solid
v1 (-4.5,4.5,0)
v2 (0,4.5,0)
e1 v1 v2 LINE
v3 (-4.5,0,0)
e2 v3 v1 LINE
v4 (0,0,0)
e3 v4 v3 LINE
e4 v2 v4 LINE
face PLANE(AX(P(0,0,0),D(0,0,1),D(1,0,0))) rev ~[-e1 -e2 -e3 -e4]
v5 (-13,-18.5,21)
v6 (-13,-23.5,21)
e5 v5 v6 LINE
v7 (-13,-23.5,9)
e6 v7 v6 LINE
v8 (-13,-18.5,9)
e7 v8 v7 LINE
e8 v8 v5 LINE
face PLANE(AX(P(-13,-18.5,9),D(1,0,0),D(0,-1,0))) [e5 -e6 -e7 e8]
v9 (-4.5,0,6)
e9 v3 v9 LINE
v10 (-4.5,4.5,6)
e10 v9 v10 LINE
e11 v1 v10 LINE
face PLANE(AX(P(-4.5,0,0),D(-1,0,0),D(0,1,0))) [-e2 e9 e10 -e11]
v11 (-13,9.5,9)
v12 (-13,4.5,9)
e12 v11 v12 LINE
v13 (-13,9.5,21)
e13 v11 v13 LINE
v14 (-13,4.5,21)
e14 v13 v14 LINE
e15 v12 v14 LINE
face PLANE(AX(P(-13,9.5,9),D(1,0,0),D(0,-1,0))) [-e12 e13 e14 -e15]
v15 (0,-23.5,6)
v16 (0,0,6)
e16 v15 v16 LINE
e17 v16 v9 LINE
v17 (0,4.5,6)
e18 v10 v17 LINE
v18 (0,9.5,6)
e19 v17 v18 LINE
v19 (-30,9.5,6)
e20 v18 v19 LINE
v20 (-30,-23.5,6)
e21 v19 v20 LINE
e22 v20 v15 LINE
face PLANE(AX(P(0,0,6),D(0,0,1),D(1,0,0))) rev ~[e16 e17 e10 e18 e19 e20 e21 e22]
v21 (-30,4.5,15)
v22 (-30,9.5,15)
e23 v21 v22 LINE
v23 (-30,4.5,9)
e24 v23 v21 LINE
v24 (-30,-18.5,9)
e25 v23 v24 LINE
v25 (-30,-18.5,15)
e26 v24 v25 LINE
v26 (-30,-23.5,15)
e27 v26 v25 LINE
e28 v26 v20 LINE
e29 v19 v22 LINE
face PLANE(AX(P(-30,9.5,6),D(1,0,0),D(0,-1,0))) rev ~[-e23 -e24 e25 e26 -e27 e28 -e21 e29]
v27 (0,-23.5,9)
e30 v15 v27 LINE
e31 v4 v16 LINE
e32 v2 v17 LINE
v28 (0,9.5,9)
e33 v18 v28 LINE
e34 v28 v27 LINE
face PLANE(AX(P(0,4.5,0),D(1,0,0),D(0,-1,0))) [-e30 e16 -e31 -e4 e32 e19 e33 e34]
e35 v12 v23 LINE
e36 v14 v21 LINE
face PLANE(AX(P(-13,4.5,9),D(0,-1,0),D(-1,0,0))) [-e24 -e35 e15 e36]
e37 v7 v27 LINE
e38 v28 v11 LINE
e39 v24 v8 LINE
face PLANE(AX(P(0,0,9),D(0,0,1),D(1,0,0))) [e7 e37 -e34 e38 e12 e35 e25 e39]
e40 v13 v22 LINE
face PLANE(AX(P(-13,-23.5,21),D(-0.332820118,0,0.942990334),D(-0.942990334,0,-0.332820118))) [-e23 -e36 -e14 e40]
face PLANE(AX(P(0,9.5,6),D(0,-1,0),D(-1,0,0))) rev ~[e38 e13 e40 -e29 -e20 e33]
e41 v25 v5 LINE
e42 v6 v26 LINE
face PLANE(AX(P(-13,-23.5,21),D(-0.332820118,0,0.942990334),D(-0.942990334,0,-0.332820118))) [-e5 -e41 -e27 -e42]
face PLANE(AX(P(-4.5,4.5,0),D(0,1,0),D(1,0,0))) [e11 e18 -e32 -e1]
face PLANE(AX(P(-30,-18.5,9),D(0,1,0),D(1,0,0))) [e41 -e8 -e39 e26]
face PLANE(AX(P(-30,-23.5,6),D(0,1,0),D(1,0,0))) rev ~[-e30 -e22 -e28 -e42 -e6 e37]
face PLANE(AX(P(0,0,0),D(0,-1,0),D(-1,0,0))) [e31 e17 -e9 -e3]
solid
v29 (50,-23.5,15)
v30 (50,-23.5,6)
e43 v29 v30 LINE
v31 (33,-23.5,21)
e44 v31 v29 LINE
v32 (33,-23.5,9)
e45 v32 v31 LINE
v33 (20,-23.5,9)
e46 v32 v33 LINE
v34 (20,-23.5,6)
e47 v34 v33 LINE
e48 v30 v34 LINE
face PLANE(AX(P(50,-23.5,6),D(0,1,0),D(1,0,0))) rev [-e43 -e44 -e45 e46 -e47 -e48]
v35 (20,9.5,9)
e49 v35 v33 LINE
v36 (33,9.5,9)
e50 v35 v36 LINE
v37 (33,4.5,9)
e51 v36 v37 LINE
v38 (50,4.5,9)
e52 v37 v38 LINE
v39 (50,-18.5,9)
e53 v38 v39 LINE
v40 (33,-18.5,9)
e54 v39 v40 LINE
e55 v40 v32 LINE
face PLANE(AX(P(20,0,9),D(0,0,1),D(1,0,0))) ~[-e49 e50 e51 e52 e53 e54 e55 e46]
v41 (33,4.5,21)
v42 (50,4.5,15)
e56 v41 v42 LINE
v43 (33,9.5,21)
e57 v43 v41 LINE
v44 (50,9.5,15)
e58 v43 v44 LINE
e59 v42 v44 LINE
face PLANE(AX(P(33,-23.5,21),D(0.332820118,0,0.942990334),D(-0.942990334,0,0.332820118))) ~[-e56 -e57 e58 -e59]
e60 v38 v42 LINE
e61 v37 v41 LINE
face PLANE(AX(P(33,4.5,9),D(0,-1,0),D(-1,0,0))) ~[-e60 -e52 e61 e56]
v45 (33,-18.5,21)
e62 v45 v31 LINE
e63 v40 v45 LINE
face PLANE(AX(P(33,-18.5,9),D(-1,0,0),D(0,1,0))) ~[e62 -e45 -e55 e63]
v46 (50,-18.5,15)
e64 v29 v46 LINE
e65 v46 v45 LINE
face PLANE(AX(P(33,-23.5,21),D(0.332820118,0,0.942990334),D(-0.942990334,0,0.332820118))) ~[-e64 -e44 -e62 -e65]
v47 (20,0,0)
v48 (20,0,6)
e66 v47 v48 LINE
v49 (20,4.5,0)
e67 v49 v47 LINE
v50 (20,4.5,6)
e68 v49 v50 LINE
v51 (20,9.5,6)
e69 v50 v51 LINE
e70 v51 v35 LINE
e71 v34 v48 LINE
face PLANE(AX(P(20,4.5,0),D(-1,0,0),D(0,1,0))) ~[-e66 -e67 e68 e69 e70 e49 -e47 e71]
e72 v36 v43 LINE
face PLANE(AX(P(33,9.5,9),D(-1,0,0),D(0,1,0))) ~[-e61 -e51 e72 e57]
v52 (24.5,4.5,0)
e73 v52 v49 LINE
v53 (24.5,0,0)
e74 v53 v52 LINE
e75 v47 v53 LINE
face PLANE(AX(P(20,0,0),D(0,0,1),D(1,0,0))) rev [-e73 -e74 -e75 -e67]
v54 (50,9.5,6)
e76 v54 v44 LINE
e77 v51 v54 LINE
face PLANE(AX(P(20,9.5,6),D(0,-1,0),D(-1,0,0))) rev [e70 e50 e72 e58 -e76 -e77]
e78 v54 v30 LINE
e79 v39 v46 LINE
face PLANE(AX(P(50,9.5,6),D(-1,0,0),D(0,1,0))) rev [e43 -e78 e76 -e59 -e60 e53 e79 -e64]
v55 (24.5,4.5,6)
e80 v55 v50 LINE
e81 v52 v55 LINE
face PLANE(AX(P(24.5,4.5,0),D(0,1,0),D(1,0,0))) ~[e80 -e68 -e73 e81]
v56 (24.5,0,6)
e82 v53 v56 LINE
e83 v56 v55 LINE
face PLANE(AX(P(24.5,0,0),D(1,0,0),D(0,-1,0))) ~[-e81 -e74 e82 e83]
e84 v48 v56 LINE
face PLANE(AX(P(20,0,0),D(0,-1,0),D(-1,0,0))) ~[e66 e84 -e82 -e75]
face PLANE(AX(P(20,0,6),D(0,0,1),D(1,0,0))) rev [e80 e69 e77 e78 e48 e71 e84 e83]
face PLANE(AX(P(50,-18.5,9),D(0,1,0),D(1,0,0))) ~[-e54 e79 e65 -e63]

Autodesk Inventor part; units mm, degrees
ref_plane "XZ Plane" through (0, 0, 0) normal (0, 1, 0) x (-1, 0, 0)
ref_plane "XY Plane" through (0, 0, 0) normal (0, 0, 1) x (1, 0, 0)
sketch "Szkic1" plane through (0, 0, 0) normal (0, 0, 1) x (1, 0, 0)
  point P0 (0, 0)
sketch "Szkic2" plane through (0, 0, 0) normal (0, 0, 1) x (1, 0, 0)
  line L0 (0, 0) -> (-4.5, 0)
  line L1 (-4.5, 0) -> (-4.5, 4.5)
  line L2 (-4.5, 4.5) -> (0, 4.5)
  line L3 (0, 4.5) -> (0, 0)
  dimension "d0" = 4.5
  dimension "d1" = 4.5
extrude "Wyciągnięcie proste1" add sketch "Szkic2" along normal blind 6
sketch "Szkic3" plane through (0, 0, 6) normal (0, 0, 1) x (1, 0, 0)
  line L0 (0, 0) -> (0, 4.5) projected
  line L1 (0, 4.5) -> (0, 9.5)
  line L2 (0, 9.5) -> (-30, 9.5)
  line L3 (-30, 9.5) -> (-30, -23.5)
  line L4 (-30, -23.5) -> (0, -23.5)
  line L5 (0, -23.5) -> (0, 9.5)
  point P0 (-4.5, 0)
  dimension "d7" = 5
  dimension "d8" = 30
  dimension "d9" = 33
extrude "Wyciągnięcie proste2" add sketch "Szkic3" along normal blind 3
sketch "Szkic4" plane through (0, 0, 9) normal (0, 0, 1) x (1, 0, 0)
  line L0 (0, -23.5) -> (0, 0) construction
  line L1 (0, -23.5) -> (-13, -23.5) construction
  line L2 (-30, -23.5) -> (0, -23.5) construction
  line L3 (-13, -23.5) -> (-13, -18.5) construction
  line L4 (-13, -18.5) -> (-13, 4.5) construction
  line L5 (-13, 4.5) -> (-13, 9.5) construction
  dimension "d12" = 13
  dimension "d13" = 5
  dimension "d14" = 23
  dimension "d15" = 5
sketch "Szkic5" plane through (0, 0, 9) normal (0, 0, 1) x (1, 0, 0)
  line L0 (-30, 9.5) -> (-30, -23.5) projected
  line L1 (-13, -23.5) -> (-30, -23.5)
  line L2 (-30, -23.5) -> (-30, -18.5)
  line L3 (-30, -18.5) -> (-13, -18.5)
  line L4 (-13, -18.5) -> (-13, -23.5)
  line L5 (-13, 4.5) -> (-30, 4.5)
  line L6 (-30, 4.5) -> (-30, 9.5)
  line L7 (-30, 9.5) -> (-13, 9.5)
  line L8 (-13, 9.5) -> (-13, 4.5)
  point P0 (0, 0)
  point P1 (-13, 9.5)
extrude "Wyciągnięcie proste3" add sketch "Szkic5" along normal blind 12
sketch "Szkic6" plane through (-30, -23.5, 6) normal (0, -1, 0) x (1, 0, 0)
  line L0 (17, 15) -> (0, 15) construction
  line L1 (0, 15) -> (0, 9) construction
  line L2 (0, 0) -> (0, 15) construction
  line L3 (17, 15) -> (0, 9)
  arc A0 (17, 15) -> (0, 9) centre (7.5523, 14.6851) ccw
  point P0 (30, -6)
  dimension "d18" = 6
extrude "Wyciągnięcie proste4" cut sketch "Szkic6" against normal blind 33
ref_plane "Płaszczyzna konstrukcyjna1" through (10, 0, 0) normal (1, 0, 0) x (0, 1, 0)
mirror "Odbij1" about plane through (10, 0, 0) normal (1, 0, 0)
properties part number "turret_servo_grip"
